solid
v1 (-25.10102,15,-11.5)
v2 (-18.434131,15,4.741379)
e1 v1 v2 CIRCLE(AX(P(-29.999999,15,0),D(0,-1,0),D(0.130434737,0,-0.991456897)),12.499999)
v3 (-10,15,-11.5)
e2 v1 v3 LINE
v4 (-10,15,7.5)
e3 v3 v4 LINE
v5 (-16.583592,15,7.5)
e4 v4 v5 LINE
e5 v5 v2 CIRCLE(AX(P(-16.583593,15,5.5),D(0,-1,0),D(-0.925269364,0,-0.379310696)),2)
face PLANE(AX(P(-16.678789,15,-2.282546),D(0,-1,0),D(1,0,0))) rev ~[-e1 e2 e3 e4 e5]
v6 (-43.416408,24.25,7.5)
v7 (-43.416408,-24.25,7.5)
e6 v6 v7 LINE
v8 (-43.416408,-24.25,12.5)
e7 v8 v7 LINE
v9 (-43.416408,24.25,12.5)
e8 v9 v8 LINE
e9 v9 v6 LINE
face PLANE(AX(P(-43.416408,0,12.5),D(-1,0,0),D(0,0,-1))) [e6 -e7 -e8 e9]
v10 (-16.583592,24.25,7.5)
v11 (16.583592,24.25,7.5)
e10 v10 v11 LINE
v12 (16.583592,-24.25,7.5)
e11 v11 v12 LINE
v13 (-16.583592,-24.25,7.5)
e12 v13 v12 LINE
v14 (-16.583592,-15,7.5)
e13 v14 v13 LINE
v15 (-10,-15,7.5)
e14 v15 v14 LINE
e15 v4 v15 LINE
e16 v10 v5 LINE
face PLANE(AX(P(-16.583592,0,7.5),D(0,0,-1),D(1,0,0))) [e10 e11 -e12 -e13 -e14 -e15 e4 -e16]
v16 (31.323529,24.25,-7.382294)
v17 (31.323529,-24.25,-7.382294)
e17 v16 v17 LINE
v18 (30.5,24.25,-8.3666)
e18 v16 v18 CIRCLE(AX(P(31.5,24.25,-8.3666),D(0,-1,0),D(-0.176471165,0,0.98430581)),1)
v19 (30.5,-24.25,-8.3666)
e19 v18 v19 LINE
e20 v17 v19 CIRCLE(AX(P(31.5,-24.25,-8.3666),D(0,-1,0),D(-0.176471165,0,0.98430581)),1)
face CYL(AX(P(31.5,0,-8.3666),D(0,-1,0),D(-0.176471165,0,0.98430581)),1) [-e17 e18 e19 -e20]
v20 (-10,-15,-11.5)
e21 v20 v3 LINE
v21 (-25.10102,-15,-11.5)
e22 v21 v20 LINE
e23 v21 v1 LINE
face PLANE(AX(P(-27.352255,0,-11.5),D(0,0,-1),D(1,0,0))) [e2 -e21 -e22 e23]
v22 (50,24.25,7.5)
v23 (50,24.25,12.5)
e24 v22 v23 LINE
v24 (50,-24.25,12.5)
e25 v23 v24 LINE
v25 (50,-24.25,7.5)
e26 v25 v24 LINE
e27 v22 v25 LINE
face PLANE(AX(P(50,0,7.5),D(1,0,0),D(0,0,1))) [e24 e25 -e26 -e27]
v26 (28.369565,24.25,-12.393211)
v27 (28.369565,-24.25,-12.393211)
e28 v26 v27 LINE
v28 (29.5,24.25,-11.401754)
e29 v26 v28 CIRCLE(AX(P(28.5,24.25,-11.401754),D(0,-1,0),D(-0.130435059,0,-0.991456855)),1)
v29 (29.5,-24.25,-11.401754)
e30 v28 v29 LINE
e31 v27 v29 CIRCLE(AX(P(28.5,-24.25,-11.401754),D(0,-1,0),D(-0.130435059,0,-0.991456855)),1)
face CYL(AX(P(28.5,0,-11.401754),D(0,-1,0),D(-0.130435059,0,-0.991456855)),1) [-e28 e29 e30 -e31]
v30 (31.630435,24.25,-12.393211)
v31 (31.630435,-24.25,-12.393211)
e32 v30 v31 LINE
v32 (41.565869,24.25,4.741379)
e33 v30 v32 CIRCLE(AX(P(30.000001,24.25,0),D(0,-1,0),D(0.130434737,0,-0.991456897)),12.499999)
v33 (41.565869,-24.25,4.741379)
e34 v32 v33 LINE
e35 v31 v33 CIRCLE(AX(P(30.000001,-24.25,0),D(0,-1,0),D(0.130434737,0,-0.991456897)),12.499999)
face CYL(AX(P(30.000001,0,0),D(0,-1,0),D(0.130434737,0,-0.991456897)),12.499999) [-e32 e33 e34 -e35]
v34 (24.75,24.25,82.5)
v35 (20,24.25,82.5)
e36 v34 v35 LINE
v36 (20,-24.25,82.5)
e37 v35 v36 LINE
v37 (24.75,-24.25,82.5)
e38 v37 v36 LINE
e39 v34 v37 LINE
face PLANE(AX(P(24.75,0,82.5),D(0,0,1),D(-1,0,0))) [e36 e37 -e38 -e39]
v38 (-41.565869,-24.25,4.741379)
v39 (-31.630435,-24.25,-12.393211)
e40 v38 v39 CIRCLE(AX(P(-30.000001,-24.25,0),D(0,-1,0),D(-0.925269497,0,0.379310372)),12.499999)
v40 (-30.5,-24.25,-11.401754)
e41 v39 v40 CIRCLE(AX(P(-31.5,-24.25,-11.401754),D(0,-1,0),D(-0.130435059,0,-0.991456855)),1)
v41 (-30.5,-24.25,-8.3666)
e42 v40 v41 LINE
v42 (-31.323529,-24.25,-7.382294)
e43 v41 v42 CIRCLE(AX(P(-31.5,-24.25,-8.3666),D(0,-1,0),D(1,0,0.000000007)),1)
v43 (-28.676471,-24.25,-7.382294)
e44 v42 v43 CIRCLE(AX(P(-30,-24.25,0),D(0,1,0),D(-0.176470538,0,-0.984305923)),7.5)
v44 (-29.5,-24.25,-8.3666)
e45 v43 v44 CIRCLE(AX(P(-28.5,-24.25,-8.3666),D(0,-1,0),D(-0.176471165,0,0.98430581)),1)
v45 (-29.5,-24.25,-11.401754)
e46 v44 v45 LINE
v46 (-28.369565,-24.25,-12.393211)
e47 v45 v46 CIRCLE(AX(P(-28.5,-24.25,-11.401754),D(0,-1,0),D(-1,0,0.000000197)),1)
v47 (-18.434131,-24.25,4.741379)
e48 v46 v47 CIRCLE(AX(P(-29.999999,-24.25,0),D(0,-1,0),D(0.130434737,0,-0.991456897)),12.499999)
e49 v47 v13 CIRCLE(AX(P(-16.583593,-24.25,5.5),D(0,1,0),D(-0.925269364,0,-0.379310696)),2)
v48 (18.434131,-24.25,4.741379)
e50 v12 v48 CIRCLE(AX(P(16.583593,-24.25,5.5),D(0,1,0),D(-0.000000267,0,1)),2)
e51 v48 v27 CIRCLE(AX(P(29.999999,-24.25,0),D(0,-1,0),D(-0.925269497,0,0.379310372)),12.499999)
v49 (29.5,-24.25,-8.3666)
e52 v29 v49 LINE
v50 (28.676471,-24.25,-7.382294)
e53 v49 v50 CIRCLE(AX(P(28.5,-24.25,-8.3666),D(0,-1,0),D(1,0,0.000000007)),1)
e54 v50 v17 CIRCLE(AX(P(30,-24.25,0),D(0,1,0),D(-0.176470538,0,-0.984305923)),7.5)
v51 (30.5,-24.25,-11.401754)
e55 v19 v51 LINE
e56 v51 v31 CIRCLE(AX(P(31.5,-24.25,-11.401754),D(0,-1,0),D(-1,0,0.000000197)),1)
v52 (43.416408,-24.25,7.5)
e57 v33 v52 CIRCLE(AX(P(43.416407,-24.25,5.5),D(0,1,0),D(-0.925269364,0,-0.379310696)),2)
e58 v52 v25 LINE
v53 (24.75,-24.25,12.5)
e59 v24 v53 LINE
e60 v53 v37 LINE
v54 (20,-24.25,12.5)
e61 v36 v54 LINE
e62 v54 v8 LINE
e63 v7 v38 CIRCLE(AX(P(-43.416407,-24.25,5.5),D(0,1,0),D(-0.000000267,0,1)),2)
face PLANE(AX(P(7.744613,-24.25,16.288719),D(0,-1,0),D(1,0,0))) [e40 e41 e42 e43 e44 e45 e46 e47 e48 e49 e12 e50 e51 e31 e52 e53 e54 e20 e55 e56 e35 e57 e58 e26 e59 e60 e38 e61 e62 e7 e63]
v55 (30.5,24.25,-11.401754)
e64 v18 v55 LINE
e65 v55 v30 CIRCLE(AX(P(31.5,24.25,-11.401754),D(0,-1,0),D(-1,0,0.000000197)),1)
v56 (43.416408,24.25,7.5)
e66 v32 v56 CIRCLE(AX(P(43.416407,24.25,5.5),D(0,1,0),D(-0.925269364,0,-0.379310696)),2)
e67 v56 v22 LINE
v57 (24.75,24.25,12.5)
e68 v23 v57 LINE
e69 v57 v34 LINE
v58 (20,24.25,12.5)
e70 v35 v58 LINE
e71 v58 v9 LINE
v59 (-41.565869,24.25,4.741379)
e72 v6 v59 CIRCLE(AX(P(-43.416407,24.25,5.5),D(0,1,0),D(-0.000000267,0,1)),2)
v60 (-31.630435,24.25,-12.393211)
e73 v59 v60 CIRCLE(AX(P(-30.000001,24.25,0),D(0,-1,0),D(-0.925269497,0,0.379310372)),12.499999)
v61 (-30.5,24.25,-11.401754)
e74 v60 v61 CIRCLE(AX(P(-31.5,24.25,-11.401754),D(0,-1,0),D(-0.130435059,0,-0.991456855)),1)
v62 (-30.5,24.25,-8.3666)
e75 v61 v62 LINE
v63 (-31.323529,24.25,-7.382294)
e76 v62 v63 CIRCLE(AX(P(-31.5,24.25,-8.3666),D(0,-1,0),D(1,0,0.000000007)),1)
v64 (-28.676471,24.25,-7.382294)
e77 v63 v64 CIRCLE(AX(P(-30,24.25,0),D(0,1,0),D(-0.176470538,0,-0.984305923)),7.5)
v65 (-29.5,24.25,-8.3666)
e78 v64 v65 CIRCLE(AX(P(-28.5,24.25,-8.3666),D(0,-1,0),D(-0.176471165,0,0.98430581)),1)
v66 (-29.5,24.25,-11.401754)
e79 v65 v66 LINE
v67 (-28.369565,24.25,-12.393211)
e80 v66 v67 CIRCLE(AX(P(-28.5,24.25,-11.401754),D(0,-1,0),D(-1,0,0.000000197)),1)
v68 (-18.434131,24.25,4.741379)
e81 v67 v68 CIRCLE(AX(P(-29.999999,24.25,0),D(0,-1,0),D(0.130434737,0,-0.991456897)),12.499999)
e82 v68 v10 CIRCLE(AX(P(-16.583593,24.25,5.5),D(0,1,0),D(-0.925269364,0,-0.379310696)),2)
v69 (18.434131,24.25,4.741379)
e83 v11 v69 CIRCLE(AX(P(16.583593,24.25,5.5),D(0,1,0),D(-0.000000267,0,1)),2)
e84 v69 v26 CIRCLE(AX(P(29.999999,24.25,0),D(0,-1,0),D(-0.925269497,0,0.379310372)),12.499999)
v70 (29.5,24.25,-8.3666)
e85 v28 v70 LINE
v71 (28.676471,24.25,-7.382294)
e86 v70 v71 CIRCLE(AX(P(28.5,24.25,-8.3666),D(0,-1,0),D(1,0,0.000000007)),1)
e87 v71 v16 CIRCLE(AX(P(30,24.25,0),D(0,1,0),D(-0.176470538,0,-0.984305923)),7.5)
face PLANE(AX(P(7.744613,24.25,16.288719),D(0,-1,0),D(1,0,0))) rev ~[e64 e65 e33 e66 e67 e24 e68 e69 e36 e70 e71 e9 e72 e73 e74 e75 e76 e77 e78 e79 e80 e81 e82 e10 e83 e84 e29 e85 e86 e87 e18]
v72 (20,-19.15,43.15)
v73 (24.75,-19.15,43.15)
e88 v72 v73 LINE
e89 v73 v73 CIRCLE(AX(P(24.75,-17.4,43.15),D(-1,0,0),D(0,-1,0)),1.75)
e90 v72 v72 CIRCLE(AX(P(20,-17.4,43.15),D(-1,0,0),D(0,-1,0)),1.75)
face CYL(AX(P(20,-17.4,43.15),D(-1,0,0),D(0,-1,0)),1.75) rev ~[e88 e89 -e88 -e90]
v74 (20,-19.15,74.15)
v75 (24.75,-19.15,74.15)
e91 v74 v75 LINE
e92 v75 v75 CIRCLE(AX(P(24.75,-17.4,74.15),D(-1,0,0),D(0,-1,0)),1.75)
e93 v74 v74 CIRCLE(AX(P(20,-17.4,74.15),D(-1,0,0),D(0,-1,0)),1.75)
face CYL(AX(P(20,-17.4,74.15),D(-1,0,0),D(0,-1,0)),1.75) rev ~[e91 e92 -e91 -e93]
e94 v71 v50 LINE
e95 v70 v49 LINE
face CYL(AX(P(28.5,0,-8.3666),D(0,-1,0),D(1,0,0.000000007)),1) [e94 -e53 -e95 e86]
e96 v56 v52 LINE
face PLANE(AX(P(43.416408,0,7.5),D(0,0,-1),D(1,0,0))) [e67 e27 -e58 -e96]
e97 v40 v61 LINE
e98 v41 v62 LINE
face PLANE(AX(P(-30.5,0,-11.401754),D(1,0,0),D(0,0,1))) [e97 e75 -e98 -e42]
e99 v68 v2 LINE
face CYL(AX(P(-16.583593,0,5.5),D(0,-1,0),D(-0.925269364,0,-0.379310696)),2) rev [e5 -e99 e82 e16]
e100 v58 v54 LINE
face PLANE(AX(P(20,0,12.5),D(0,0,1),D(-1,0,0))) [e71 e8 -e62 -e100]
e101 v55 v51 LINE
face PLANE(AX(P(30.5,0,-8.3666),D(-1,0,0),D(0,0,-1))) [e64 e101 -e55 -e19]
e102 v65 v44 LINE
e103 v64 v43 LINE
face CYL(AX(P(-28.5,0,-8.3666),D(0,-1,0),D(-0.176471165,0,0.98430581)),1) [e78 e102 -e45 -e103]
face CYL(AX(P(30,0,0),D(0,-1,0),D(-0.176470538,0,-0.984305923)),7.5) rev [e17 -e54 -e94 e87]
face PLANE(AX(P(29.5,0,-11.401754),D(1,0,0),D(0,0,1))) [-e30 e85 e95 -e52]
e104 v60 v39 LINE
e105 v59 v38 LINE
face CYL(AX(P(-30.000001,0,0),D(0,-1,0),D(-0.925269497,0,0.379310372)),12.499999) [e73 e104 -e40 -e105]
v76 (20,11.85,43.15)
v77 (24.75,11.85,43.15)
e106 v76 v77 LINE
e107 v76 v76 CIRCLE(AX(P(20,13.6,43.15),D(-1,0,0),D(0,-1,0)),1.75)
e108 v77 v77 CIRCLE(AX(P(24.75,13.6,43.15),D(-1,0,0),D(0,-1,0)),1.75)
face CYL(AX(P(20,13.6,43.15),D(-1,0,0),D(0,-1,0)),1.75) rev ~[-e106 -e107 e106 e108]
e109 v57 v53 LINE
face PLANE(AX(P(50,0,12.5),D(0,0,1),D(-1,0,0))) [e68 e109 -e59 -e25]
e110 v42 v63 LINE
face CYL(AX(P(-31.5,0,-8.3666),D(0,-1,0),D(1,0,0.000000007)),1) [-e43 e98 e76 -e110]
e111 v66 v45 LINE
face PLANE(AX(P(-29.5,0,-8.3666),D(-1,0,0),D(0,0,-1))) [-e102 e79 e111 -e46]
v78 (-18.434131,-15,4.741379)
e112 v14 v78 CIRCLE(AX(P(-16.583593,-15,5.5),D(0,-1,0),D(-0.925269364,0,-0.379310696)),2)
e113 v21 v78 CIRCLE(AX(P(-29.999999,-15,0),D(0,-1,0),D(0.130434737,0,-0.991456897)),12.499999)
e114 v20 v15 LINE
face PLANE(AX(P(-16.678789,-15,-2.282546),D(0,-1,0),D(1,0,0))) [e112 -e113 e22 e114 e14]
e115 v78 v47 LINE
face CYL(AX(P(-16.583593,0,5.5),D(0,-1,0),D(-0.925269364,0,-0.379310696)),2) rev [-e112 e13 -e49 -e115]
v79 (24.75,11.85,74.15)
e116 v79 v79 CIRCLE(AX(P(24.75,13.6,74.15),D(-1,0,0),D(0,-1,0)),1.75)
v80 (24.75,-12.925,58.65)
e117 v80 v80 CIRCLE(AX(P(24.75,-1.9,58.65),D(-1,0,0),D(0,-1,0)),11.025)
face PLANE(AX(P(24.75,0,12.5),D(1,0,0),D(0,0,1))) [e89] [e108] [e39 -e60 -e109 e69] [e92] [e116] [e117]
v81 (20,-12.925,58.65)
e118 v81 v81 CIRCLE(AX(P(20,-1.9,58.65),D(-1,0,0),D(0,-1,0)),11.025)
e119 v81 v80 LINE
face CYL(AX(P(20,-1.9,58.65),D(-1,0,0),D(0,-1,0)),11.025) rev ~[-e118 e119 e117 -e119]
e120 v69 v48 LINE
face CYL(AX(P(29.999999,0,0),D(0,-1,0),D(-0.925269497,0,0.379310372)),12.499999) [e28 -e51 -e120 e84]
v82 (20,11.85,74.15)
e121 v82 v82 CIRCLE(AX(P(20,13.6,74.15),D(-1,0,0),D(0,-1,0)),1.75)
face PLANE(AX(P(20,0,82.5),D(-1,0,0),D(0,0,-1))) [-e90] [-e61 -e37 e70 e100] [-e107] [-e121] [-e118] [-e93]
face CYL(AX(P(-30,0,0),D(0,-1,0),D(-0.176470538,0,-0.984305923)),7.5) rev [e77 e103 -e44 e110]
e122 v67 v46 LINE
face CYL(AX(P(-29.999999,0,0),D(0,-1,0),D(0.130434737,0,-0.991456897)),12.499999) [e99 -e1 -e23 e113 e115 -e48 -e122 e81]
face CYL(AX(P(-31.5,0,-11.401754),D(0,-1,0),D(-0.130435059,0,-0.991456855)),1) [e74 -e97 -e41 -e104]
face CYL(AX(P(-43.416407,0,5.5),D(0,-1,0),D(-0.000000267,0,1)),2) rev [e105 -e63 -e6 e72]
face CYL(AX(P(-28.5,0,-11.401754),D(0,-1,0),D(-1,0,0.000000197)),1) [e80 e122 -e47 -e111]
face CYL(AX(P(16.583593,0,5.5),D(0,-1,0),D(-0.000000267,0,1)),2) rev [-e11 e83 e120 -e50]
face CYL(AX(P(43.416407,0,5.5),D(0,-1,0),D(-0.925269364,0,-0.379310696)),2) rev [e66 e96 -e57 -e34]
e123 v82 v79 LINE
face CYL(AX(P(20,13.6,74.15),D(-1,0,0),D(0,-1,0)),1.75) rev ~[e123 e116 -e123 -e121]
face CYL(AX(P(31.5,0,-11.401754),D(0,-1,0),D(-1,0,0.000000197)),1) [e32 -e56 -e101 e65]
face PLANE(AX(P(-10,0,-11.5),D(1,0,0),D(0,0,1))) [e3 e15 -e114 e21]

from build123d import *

# Parameters (mm, degrees)
F2_DEPTH      = 24.25
F2_DEPTH_BACK = 24.25
F3_R          = 11.025
F3_R_2        = 1.75
F4_DEPTH      = 4.75
F6_DEPTH      = 15
F6_DEPTH_BACK = 15


with BuildPart() as f2:
    # F1 (on Front) → F2 (new body, two sides)
    with BuildSketch(Plane.XZ) as f2_sk:
        with BuildLine():
            ThreePointArc((-31.323529, -7.382294), (-30, 7.5), (-28.676471, -7.382294))
            ThreePointArc((-28.676471, -7.382294), (-29.266965, -7.724911), (-29.5, -8.3666))
            Line((-29.5, -8.3666), (-29.5, -11.401754))
            ThreePointArc((-29.5, -11.401754), (-29.15938, -12.153564), (-28.369565, -12.393211))
            ThreePointArc((-28.369565, -12.393211), (-19.18639, -6.270235), (-18.434131, 4.741379))
            ThreePointArc((-18.434131, 4.741379), (-18.244502, 6.614172), (-16.583592, 7.5))
            Line((-16.583592, 7.5), (16.583592, 7.5))
            ThreePointArc((16.583592, 7.5), (18.244502, 6.614172), (18.434131, 4.741379))
            ThreePointArc((18.434131, 4.741379), (19.18639, -6.270235), (28.369565, -12.393211))
            ThreePointArc((28.369565, -12.393211), (29.15938, -12.153564), (29.5, -11.401754))
            Line((29.5, -11.401754), (29.5, -8.3666))
            ThreePointArc((29.5, -8.3666), (29.266965, -7.724911), (28.676471, -7.382294))
            ThreePointArc((28.676471, -7.382294), (30, 7.5), (31.323529, -7.382294))
            ThreePointArc((31.323529, -7.382294), (30.733035, -7.724911), (30.5, -8.3666))
            Line((30.5, -8.3666), (30.5, -11.401754))
            ThreePointArc((30.5, -11.401754), (30.84062, -12.153564), (31.630435, -12.393211))
            ThreePointArc((31.630435, -12.393211), (40.81361, -6.270235), (41.565869, 4.741379))
            ThreePointArc((41.565869, 4.741379), (41.755498, 6.614172), (43.416408, 7.5))
            Line((43.416408, 7.5), (50, 7.5))
            Line((50, 7.5), (50, 12.5))
            Line((50, 12.5), (24.75, 12.5))
            Line((24.75, 12.5), (24.75, 82.5))
            Line((24.75, 82.5), (20, 82.5))
            Line((20, 82.5), (20, 12.5))
            Line((20, 12.5), (-43.416408, 12.5))
            Line((-43.416408, 12.5), (-43.416408, 7.5))
            ThreePointArc((-43.416408, 7.5), (-41.755498, 6.614172), (-41.565869, 4.741379))
            ThreePointArc((-41.565869, 4.741379), (-40.81361, -6.270235), (-31.630435, -12.393211))
            ThreePointArc((-31.630435, -12.393211), (-30.84062, -12.153564), (-30.5, -11.401754))
            Line((-30.5, -11.401754), (-30.5, -8.3666))
            ThreePointArc((-30.5, -8.3666), (-30.733035, -7.724911), (-31.323529, -7.382294))
        make_face()
    extrude(amount=F2_DEPTH)
    extrude(f2_sk.sketch, amount=-F2_DEPTH_BACK)

    # F3 (on face) → F4 (cut, through all)
    with BuildSketch(Plane(origin=(20, 0, 0), x_dir=(0, -1, 0), z_dir=(-1, 0, 0))):
        with Locations((1.9, 58.65)):
            Circle(F3_R)
        with Locations((-13.6, 43.15)):
            Circle(F3_R_2)
        with Locations((17.4, 43.15)):
            Circle(F3_R_2)
        with Locations((17.4, 74.15)):
            Circle(F3_R_2)
        with Locations((-13.6, 74.15)):
            Circle(F3_R_2)
    extrude(amount=-F4_DEPTH, mode=Mode.SUBTRACT)

    # F5 (on Front) → F6 (join, two sides)
    with BuildSketch(Plane.XZ) as f6_sk:
        Polygon((-10, -11.5), (-10, 9.493519), (-19.701663, 9.493519), (-19.701663, 0), (-27.352255, -11.5), align=None)
    extrude(amount=F6_DEPTH)
    extrude(f6_sk.sketch, amount=-F6_DEPTH_BACK)


solid = f2.part
